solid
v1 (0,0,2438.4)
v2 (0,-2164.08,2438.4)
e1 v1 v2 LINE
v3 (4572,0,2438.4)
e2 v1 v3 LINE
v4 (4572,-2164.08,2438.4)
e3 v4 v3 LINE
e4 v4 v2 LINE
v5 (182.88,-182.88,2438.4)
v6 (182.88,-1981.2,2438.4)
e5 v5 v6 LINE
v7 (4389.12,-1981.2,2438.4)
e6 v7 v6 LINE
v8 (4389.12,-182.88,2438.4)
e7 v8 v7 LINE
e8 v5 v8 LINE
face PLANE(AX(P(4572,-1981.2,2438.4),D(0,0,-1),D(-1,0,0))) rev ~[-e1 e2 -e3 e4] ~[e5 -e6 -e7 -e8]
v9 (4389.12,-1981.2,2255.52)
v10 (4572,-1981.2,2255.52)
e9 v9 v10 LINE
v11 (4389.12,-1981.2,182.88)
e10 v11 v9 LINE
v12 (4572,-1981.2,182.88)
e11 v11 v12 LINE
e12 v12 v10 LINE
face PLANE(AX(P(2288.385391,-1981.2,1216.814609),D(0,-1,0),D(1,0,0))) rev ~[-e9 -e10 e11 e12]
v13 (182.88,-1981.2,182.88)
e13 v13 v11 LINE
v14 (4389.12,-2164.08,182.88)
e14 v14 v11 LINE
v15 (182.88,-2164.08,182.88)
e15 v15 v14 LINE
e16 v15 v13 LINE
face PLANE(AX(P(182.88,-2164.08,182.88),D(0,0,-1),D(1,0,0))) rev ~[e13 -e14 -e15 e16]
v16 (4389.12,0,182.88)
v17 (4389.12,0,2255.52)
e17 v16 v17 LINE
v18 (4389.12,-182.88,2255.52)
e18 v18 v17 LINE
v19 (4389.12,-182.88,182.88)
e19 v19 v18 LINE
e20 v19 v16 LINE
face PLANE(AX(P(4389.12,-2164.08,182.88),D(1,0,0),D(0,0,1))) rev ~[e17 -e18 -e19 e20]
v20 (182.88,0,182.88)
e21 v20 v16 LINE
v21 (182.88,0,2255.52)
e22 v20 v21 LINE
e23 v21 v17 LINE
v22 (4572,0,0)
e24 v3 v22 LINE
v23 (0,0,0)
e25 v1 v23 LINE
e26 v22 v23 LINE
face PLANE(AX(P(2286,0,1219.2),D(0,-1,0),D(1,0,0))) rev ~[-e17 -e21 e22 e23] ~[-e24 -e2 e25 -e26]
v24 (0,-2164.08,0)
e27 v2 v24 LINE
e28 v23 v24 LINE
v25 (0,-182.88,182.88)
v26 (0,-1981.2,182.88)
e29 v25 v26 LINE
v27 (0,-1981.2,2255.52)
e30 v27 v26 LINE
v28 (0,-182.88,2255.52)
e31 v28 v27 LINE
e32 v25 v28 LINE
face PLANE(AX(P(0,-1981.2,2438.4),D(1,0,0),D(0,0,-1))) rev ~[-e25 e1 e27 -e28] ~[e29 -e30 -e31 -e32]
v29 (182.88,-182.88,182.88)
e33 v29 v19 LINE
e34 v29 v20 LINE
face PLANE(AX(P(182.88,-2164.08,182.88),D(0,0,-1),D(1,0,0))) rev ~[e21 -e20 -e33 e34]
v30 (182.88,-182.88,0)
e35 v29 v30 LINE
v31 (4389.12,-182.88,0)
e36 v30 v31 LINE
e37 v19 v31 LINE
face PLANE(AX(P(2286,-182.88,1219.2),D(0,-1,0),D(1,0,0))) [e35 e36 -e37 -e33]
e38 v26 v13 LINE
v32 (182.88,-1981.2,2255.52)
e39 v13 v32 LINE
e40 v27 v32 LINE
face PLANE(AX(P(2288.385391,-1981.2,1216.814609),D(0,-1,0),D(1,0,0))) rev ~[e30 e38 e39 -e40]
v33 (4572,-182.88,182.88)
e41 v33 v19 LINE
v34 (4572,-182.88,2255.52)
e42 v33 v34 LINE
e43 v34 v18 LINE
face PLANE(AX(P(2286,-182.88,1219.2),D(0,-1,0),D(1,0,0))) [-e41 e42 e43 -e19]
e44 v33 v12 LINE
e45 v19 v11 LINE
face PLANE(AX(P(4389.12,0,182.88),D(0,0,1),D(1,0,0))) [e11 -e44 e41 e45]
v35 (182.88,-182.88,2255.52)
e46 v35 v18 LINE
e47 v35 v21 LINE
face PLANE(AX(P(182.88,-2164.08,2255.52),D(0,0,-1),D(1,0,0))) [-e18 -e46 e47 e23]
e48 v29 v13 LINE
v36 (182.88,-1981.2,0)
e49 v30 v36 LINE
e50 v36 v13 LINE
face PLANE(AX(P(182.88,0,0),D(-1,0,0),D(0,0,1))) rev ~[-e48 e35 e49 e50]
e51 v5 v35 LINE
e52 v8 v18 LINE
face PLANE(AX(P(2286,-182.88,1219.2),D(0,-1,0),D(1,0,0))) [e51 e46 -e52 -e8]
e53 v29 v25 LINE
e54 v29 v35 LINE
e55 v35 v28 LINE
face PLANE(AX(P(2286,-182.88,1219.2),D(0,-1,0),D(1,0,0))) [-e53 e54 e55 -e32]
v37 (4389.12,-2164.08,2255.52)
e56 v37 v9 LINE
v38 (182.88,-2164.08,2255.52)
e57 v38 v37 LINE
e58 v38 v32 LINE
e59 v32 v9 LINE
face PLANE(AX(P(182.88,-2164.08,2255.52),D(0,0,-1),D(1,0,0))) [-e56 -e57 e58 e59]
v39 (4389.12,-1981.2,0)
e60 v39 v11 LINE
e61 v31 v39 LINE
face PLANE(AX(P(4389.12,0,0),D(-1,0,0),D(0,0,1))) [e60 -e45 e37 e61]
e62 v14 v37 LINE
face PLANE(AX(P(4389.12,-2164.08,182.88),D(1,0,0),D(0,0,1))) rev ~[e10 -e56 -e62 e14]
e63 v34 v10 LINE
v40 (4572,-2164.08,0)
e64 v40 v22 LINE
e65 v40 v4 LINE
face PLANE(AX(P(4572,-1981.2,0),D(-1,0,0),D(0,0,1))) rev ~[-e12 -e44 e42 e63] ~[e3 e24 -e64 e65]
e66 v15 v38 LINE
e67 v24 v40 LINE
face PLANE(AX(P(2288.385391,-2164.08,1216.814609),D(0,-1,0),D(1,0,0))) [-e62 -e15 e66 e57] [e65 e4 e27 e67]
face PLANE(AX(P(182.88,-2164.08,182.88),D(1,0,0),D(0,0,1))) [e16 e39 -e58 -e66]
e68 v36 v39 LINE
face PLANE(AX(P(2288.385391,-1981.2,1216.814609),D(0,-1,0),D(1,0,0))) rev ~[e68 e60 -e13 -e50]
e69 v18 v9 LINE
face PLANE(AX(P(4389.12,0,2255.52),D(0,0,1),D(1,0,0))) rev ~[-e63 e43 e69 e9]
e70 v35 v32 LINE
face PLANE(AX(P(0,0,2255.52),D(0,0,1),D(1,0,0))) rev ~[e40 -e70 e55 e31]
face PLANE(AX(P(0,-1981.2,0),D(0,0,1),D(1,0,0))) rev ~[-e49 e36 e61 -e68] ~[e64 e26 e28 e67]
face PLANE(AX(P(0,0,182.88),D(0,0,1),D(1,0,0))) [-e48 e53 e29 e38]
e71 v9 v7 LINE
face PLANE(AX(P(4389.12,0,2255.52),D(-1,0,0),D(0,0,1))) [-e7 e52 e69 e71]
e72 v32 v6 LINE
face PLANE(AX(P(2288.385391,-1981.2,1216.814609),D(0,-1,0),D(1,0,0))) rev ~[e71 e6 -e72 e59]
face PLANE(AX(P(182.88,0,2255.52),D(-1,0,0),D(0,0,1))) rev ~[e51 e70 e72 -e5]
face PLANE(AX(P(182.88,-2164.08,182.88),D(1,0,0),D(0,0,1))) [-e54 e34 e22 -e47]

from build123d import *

# Parameters (mm, degrees)
F0_W     = 4572
F0_H     = 2438.4
F1_DEPTH = 182.88
F2_W     = 182.88
F2_H     = 182.88
F3_DEPTH = 1981.2
F4_W     = 182.88
F4_H     = 182.88
F5_DEPTH = 182.88
F6_W     = 4206.24
F6_H     = 2072.64
F7_DEPTH = 2286


with BuildPart() as f1:
    # F0 (on Front) → F1 (new body)
    with BuildSketch(Plane.XZ):
        with Locations((2286, 1219.2)):
            Rectangle(F0_W, F0_H)
    extrude(amount=F1_DEPTH)

    # F2 (on face) → F3 (join)
    with BuildSketch(Plane.XZ):
        with Locations((91.44, 2346.96)):
            Rectangle(F2_W, F2_H)
        with Locations((91.44, 91.44)):
            Rectangle(F2_W, F2_H)
        with Locations((4480.56, 91.44)):
            Rectangle(F2_W, F2_H)
        with Locations((4480.56, 2346.96)):
            Rectangle(F2_W, F2_H)
    extrude(amount=F3_DEPTH)

    # F4 (on face) → F5 (join)
    with BuildSketch(Plane.XZ.offset(1981.2)):
        Polygon((4572, 2438.4), (182.88, 2438.4), (182.88, 2255.52), (0, 2255.52), (0, 0), (4572, 0), align=None)
        with Locations((91.44, 2346.96)):
            Rectangle(F4_W, F4_H)
    extrude(amount=F5_DEPTH)

    # F6 (on face) → F7 (cut)
    with BuildSketch(Plane.XZ.offset(2164.08)):
        with Locations((2286, 1219.2)):
            Rectangle(F6_W, F6_H)
    extrude(amount=-F7_DEPTH, mode=Mode.SUBTRACT)


solid = f1.part
